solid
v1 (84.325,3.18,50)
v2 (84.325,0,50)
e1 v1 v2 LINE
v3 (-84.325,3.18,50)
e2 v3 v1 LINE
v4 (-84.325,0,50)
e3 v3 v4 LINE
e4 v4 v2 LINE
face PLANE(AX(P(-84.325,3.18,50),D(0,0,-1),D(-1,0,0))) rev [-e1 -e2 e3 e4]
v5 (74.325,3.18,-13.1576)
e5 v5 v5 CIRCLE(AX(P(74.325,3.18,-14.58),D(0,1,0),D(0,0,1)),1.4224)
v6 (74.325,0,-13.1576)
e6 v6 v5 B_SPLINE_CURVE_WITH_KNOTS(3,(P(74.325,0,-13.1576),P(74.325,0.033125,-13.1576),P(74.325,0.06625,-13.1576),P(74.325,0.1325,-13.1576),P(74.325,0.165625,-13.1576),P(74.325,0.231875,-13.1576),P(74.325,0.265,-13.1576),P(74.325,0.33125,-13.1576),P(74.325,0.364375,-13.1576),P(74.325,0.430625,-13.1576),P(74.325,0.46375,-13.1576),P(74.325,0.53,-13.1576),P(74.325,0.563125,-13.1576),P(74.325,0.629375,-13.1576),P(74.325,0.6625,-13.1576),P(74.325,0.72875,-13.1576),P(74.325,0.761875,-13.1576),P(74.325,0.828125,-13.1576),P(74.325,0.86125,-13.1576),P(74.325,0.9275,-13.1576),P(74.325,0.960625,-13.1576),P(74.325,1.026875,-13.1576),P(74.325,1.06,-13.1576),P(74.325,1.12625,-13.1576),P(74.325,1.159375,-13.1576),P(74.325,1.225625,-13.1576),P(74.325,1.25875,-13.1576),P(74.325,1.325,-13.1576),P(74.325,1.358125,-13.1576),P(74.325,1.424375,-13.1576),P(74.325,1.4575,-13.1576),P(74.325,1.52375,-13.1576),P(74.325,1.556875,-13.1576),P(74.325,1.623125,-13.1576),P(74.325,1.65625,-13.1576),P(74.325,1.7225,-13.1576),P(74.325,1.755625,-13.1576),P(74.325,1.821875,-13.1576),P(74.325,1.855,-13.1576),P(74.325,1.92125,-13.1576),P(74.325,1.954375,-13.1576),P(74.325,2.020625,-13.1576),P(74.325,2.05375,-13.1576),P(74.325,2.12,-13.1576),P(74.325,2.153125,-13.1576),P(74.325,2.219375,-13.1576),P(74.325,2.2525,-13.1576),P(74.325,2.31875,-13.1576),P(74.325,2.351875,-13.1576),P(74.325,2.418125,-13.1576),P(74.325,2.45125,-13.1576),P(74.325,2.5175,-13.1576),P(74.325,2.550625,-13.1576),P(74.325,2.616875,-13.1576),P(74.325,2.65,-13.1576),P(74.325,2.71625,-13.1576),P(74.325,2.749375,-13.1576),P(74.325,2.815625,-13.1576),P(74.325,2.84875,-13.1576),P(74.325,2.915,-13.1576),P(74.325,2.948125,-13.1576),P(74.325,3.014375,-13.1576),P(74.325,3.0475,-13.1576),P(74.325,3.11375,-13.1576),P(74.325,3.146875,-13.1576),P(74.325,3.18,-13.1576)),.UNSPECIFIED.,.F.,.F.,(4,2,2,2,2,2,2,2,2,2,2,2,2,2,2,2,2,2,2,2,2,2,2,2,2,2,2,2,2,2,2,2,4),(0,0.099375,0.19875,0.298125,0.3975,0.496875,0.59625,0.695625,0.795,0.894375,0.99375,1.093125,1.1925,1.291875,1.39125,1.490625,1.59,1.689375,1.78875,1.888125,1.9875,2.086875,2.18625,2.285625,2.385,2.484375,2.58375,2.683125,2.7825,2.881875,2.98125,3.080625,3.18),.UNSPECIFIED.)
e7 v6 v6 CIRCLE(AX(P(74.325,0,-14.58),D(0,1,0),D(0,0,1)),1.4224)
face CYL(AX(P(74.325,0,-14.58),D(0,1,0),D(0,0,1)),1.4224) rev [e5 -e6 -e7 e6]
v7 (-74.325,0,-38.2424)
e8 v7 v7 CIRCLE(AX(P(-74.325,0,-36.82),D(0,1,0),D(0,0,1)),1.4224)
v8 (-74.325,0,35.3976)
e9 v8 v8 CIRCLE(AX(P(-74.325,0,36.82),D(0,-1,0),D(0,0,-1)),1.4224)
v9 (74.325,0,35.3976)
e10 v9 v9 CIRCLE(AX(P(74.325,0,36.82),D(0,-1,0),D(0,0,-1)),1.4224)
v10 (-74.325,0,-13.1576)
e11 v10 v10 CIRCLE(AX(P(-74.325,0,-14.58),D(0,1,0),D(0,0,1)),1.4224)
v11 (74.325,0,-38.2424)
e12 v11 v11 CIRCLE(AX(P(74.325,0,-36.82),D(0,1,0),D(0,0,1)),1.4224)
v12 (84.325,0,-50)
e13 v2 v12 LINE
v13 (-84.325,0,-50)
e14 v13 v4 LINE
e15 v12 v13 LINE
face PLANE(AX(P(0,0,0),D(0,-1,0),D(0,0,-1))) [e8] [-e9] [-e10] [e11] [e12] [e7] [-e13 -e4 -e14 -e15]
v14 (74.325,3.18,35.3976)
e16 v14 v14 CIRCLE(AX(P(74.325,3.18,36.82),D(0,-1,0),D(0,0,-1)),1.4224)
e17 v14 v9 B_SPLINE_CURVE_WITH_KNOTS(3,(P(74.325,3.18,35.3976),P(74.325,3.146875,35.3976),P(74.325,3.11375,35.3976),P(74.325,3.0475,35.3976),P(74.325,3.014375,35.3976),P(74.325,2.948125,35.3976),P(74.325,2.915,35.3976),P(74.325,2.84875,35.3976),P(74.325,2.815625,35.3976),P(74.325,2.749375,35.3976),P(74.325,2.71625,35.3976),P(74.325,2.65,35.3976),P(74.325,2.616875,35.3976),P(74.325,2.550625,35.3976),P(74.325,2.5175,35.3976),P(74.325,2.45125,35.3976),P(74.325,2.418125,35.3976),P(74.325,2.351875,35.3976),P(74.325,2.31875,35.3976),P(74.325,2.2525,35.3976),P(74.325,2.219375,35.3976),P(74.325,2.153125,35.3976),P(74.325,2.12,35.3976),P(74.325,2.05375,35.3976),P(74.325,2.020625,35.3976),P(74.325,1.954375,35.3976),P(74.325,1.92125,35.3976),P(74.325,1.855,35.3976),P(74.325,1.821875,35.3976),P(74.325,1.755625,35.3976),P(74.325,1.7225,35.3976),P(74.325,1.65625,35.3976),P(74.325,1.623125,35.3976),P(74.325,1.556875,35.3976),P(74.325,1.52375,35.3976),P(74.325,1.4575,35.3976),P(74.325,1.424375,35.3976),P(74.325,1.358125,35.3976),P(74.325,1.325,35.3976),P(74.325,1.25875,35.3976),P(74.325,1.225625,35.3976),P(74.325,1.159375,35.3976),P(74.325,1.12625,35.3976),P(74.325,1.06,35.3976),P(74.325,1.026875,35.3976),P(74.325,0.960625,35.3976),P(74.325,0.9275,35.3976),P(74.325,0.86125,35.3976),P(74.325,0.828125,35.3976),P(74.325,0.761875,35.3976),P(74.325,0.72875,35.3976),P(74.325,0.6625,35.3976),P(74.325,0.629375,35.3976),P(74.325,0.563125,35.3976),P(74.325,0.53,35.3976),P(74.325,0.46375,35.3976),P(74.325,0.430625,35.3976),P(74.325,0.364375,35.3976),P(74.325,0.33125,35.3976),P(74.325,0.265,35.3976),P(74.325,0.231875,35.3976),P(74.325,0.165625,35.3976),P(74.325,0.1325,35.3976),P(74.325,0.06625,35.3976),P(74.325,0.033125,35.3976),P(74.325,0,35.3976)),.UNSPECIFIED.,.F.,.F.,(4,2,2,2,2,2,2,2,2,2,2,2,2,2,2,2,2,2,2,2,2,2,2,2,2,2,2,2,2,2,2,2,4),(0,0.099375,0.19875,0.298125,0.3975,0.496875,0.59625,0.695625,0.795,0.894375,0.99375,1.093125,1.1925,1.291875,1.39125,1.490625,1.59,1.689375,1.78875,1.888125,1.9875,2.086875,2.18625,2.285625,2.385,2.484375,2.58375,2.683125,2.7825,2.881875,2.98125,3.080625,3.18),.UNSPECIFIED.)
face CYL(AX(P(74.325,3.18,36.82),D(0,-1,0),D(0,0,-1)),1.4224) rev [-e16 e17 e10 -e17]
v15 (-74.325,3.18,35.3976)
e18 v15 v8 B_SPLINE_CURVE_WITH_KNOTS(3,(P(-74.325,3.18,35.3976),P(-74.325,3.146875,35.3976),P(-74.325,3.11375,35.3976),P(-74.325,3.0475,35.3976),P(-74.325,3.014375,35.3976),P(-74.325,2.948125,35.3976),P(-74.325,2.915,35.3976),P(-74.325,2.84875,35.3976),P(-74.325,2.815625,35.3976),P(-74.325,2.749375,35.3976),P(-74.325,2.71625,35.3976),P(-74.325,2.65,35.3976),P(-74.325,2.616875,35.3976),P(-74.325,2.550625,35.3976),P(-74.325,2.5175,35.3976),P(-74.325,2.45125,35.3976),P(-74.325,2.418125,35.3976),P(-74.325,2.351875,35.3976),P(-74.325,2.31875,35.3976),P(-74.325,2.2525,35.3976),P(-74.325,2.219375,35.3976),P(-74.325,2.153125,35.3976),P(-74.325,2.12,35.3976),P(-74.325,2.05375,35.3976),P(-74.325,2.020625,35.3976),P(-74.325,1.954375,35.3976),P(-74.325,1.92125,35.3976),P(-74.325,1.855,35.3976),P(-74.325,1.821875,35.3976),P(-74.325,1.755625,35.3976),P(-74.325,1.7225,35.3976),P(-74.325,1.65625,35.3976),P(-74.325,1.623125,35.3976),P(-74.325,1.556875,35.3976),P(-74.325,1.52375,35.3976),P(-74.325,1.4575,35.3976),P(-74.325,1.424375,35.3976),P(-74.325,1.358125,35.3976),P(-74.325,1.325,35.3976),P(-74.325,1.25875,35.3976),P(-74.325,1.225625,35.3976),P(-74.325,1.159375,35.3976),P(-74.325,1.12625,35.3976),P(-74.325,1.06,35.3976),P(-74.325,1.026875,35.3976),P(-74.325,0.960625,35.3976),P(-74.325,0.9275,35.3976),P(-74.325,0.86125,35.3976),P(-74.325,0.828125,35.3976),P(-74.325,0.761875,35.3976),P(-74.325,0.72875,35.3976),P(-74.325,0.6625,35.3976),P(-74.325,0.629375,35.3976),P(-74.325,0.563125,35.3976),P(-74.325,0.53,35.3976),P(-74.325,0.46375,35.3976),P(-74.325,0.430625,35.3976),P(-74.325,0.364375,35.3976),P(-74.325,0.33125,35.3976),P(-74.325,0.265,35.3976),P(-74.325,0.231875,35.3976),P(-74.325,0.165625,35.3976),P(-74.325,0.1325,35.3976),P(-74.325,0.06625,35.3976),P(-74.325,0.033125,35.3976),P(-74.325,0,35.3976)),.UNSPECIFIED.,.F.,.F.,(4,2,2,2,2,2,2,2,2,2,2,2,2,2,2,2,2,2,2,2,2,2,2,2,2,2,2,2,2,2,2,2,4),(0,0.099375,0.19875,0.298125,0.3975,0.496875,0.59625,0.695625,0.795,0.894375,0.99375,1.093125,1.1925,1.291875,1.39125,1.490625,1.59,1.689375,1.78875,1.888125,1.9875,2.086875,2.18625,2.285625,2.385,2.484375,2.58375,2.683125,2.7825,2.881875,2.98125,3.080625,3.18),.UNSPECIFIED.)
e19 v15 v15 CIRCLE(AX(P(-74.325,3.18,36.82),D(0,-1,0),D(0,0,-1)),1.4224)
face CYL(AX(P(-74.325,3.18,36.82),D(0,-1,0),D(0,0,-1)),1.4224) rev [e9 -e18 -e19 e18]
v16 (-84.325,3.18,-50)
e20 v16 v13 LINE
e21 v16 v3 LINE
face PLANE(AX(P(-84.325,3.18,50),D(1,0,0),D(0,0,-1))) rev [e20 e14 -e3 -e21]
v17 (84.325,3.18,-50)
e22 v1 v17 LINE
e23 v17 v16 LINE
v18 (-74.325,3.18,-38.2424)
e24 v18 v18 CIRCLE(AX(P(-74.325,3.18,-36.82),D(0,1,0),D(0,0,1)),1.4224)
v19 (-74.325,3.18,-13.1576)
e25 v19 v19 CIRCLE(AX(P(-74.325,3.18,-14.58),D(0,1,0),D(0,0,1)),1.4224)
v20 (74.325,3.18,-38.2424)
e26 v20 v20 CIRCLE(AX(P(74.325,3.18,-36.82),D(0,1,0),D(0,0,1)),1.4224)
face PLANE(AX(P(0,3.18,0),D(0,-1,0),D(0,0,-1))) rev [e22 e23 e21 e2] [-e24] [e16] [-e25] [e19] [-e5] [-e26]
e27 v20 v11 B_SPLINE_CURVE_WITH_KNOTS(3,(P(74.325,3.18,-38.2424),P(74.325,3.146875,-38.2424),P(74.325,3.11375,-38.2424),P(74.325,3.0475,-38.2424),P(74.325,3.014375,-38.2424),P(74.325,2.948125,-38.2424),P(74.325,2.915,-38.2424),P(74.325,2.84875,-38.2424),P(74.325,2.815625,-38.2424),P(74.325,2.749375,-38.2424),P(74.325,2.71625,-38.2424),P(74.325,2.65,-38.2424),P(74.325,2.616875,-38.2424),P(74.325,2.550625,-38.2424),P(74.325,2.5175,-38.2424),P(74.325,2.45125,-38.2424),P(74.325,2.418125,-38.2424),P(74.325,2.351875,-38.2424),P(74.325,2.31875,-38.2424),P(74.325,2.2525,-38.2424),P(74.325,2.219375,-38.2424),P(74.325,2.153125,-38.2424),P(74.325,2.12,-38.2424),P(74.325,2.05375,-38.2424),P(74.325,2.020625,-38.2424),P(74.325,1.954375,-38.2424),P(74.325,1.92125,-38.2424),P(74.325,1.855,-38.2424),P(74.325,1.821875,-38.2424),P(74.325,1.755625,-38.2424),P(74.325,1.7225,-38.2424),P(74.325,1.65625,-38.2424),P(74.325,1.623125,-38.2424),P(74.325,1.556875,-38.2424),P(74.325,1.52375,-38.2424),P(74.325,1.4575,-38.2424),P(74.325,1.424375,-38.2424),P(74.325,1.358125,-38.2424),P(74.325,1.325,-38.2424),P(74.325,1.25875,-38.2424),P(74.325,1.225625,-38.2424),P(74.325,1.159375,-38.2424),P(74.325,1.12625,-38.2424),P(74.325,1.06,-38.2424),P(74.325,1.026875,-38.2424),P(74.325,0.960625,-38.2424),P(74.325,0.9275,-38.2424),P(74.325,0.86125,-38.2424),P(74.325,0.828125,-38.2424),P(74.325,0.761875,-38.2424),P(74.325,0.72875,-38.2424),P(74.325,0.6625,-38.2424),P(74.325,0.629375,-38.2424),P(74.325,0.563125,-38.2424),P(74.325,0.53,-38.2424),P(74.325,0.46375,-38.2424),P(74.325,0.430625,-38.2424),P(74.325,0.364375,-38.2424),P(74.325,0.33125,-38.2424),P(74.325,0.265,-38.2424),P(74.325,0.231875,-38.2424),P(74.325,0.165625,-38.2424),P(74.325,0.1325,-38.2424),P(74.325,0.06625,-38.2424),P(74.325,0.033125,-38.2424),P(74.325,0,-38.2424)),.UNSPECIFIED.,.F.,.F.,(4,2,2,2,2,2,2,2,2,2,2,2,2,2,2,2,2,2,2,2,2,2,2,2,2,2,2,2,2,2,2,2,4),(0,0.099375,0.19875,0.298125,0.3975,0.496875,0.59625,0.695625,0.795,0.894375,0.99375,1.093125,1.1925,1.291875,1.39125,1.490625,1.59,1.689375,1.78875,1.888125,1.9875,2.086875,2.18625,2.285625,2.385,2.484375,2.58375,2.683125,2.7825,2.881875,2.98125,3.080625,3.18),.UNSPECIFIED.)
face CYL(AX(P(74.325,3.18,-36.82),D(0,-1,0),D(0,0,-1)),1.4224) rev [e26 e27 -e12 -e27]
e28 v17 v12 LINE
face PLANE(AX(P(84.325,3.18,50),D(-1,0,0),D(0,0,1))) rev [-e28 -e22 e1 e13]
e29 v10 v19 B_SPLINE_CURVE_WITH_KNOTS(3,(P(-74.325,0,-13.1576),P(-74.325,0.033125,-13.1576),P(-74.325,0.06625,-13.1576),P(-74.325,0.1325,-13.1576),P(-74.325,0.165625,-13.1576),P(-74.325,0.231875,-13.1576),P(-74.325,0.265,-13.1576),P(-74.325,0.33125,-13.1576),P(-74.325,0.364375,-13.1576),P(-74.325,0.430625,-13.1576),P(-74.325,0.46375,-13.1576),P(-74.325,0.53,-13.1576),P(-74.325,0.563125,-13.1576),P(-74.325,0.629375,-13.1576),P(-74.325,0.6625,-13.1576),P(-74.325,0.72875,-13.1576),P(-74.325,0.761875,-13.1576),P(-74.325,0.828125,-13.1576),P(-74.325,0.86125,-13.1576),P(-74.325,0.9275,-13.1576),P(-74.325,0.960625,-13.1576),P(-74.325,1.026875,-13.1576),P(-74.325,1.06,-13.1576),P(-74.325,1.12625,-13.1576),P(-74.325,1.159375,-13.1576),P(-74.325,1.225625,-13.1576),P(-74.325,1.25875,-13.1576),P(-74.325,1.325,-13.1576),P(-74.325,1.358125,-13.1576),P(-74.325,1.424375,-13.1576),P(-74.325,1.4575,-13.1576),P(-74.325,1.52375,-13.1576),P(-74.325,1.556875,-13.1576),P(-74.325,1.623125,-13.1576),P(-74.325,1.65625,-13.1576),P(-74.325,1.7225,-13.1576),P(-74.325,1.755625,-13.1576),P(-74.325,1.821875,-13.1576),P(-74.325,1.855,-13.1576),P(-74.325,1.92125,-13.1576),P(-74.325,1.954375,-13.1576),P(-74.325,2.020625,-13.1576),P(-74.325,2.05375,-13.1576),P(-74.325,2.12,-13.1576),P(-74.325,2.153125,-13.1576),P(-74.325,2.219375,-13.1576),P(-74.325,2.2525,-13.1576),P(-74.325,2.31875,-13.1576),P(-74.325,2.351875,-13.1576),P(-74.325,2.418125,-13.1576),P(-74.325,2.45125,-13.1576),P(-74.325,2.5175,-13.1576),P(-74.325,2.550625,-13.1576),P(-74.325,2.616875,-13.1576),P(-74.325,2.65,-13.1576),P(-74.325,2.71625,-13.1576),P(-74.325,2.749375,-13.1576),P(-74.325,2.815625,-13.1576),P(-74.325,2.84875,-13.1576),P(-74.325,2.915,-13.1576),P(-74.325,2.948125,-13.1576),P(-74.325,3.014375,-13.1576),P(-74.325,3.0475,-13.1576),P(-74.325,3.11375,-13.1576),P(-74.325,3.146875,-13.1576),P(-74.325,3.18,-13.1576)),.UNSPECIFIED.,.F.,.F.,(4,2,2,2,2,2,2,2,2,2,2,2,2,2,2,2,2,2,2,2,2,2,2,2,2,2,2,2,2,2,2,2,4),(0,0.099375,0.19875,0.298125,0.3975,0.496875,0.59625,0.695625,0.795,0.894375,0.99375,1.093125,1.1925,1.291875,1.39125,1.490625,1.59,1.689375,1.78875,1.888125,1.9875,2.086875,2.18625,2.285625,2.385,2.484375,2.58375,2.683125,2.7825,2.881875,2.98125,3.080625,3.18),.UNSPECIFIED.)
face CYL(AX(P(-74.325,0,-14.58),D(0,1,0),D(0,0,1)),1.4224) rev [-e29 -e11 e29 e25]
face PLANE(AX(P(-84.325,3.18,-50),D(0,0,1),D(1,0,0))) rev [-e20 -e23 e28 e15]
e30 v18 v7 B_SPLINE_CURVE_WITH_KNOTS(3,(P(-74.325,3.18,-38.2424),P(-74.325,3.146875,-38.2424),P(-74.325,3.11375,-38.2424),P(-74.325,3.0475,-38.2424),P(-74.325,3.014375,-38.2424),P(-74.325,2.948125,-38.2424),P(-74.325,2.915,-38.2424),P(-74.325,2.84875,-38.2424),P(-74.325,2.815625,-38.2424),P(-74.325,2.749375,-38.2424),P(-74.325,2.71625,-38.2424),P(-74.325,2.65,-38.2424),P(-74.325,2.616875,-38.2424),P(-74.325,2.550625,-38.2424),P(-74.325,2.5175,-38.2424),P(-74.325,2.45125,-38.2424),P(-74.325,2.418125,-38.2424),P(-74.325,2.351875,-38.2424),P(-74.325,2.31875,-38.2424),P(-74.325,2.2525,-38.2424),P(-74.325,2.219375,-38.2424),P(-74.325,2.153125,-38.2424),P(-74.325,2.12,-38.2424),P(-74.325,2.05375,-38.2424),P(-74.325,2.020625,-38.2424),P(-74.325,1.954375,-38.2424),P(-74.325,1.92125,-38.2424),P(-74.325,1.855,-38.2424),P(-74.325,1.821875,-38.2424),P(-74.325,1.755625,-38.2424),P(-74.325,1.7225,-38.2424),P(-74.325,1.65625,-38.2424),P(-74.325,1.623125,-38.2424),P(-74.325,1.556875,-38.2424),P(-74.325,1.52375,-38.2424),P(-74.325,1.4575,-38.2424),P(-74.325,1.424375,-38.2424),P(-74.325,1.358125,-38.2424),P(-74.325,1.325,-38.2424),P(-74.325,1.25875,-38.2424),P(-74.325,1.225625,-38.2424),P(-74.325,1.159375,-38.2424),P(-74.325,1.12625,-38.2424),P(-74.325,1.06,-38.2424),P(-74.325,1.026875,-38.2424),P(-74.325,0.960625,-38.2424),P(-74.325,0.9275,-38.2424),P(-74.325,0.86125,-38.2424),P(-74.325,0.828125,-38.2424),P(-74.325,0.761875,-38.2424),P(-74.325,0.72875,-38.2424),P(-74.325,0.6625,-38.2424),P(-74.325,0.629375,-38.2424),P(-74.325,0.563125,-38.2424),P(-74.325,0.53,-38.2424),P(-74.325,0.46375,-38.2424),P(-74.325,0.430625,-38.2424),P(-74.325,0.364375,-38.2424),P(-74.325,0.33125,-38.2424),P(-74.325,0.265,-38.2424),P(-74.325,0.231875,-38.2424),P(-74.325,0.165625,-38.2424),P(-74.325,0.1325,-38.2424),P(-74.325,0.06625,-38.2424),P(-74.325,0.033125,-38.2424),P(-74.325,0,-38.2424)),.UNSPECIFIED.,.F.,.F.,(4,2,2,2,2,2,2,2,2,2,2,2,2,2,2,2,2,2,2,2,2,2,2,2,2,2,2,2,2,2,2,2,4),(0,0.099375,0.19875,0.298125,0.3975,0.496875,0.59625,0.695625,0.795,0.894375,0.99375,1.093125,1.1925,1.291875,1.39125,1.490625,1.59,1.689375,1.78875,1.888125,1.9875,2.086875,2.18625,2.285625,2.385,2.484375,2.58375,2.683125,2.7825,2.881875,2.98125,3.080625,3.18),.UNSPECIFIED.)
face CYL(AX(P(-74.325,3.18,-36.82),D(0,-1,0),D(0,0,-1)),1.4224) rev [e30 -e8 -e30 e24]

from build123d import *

# Parameters (mm, degrees)
SKETCH1_W           = 168.65
SKETCH1_H           = 100
BOSS_EXTRUDE1_DEPTH = 3.18
SKETCH2_R           = 1.4224
CUT_EXTRUDE1_DEPTH  = 3.18
SKETCH3_R           = 1.4224
CUT_EXTRUDE2_DEPTH  = 3.18


with BuildPart() as part:
    # Sketch1 → Boss-Extrude1 (new body)
    with BuildSketch(Plane(origin=(0, 0, 0), x_dir=(1, 0, 0), z_dir=(0, 1, 0))):
        Rectangle(SKETCH1_W, SKETCH1_H)
    extrude(amount=BOSS_EXTRUDE1_DEPTH)

    # Sketch2 → Cut-Extrude1 (cut)
    with BuildSketch(Plane.XZ):
        with Locations(Location((-74.325, 36.82, 0), (0, 0, 270))):
            Circle(SKETCH2_R)
        with Locations(Location((74.325, 36.82, 0), (0, 0, 270))):
            Circle(SKETCH2_R)
    cut_extrude1 = extrude(amount=-CUT_EXTRUDE1_DEPTH, mode=Mode.SUBTRACT)

    # Mirror1: Cut-Extrude1 across plane
    add(cut_extrude1.mirror(Plane.XY), mode=Mode.SUBTRACT)

    # Sketch3 → Cut-Extrude2 (cut)
    with BuildSketch(Plane(origin=(0, 3.18, 0), x_dir=(1, 0, 0), z_dir=(0, 1, 0))):
        with Locations(Location((-74.325, 14.58, 0), (0, 0, 270))):
            Circle(SKETCH3_R)
        with Locations(Location((74.325, 14.58, 0), (0, 0, 270))):
            Circle(SKETCH3_R)
    extrude(amount=-CUT_EXTRUDE2_DEPTH, mode=Mode.SUBTRACT)


solid = part.part
